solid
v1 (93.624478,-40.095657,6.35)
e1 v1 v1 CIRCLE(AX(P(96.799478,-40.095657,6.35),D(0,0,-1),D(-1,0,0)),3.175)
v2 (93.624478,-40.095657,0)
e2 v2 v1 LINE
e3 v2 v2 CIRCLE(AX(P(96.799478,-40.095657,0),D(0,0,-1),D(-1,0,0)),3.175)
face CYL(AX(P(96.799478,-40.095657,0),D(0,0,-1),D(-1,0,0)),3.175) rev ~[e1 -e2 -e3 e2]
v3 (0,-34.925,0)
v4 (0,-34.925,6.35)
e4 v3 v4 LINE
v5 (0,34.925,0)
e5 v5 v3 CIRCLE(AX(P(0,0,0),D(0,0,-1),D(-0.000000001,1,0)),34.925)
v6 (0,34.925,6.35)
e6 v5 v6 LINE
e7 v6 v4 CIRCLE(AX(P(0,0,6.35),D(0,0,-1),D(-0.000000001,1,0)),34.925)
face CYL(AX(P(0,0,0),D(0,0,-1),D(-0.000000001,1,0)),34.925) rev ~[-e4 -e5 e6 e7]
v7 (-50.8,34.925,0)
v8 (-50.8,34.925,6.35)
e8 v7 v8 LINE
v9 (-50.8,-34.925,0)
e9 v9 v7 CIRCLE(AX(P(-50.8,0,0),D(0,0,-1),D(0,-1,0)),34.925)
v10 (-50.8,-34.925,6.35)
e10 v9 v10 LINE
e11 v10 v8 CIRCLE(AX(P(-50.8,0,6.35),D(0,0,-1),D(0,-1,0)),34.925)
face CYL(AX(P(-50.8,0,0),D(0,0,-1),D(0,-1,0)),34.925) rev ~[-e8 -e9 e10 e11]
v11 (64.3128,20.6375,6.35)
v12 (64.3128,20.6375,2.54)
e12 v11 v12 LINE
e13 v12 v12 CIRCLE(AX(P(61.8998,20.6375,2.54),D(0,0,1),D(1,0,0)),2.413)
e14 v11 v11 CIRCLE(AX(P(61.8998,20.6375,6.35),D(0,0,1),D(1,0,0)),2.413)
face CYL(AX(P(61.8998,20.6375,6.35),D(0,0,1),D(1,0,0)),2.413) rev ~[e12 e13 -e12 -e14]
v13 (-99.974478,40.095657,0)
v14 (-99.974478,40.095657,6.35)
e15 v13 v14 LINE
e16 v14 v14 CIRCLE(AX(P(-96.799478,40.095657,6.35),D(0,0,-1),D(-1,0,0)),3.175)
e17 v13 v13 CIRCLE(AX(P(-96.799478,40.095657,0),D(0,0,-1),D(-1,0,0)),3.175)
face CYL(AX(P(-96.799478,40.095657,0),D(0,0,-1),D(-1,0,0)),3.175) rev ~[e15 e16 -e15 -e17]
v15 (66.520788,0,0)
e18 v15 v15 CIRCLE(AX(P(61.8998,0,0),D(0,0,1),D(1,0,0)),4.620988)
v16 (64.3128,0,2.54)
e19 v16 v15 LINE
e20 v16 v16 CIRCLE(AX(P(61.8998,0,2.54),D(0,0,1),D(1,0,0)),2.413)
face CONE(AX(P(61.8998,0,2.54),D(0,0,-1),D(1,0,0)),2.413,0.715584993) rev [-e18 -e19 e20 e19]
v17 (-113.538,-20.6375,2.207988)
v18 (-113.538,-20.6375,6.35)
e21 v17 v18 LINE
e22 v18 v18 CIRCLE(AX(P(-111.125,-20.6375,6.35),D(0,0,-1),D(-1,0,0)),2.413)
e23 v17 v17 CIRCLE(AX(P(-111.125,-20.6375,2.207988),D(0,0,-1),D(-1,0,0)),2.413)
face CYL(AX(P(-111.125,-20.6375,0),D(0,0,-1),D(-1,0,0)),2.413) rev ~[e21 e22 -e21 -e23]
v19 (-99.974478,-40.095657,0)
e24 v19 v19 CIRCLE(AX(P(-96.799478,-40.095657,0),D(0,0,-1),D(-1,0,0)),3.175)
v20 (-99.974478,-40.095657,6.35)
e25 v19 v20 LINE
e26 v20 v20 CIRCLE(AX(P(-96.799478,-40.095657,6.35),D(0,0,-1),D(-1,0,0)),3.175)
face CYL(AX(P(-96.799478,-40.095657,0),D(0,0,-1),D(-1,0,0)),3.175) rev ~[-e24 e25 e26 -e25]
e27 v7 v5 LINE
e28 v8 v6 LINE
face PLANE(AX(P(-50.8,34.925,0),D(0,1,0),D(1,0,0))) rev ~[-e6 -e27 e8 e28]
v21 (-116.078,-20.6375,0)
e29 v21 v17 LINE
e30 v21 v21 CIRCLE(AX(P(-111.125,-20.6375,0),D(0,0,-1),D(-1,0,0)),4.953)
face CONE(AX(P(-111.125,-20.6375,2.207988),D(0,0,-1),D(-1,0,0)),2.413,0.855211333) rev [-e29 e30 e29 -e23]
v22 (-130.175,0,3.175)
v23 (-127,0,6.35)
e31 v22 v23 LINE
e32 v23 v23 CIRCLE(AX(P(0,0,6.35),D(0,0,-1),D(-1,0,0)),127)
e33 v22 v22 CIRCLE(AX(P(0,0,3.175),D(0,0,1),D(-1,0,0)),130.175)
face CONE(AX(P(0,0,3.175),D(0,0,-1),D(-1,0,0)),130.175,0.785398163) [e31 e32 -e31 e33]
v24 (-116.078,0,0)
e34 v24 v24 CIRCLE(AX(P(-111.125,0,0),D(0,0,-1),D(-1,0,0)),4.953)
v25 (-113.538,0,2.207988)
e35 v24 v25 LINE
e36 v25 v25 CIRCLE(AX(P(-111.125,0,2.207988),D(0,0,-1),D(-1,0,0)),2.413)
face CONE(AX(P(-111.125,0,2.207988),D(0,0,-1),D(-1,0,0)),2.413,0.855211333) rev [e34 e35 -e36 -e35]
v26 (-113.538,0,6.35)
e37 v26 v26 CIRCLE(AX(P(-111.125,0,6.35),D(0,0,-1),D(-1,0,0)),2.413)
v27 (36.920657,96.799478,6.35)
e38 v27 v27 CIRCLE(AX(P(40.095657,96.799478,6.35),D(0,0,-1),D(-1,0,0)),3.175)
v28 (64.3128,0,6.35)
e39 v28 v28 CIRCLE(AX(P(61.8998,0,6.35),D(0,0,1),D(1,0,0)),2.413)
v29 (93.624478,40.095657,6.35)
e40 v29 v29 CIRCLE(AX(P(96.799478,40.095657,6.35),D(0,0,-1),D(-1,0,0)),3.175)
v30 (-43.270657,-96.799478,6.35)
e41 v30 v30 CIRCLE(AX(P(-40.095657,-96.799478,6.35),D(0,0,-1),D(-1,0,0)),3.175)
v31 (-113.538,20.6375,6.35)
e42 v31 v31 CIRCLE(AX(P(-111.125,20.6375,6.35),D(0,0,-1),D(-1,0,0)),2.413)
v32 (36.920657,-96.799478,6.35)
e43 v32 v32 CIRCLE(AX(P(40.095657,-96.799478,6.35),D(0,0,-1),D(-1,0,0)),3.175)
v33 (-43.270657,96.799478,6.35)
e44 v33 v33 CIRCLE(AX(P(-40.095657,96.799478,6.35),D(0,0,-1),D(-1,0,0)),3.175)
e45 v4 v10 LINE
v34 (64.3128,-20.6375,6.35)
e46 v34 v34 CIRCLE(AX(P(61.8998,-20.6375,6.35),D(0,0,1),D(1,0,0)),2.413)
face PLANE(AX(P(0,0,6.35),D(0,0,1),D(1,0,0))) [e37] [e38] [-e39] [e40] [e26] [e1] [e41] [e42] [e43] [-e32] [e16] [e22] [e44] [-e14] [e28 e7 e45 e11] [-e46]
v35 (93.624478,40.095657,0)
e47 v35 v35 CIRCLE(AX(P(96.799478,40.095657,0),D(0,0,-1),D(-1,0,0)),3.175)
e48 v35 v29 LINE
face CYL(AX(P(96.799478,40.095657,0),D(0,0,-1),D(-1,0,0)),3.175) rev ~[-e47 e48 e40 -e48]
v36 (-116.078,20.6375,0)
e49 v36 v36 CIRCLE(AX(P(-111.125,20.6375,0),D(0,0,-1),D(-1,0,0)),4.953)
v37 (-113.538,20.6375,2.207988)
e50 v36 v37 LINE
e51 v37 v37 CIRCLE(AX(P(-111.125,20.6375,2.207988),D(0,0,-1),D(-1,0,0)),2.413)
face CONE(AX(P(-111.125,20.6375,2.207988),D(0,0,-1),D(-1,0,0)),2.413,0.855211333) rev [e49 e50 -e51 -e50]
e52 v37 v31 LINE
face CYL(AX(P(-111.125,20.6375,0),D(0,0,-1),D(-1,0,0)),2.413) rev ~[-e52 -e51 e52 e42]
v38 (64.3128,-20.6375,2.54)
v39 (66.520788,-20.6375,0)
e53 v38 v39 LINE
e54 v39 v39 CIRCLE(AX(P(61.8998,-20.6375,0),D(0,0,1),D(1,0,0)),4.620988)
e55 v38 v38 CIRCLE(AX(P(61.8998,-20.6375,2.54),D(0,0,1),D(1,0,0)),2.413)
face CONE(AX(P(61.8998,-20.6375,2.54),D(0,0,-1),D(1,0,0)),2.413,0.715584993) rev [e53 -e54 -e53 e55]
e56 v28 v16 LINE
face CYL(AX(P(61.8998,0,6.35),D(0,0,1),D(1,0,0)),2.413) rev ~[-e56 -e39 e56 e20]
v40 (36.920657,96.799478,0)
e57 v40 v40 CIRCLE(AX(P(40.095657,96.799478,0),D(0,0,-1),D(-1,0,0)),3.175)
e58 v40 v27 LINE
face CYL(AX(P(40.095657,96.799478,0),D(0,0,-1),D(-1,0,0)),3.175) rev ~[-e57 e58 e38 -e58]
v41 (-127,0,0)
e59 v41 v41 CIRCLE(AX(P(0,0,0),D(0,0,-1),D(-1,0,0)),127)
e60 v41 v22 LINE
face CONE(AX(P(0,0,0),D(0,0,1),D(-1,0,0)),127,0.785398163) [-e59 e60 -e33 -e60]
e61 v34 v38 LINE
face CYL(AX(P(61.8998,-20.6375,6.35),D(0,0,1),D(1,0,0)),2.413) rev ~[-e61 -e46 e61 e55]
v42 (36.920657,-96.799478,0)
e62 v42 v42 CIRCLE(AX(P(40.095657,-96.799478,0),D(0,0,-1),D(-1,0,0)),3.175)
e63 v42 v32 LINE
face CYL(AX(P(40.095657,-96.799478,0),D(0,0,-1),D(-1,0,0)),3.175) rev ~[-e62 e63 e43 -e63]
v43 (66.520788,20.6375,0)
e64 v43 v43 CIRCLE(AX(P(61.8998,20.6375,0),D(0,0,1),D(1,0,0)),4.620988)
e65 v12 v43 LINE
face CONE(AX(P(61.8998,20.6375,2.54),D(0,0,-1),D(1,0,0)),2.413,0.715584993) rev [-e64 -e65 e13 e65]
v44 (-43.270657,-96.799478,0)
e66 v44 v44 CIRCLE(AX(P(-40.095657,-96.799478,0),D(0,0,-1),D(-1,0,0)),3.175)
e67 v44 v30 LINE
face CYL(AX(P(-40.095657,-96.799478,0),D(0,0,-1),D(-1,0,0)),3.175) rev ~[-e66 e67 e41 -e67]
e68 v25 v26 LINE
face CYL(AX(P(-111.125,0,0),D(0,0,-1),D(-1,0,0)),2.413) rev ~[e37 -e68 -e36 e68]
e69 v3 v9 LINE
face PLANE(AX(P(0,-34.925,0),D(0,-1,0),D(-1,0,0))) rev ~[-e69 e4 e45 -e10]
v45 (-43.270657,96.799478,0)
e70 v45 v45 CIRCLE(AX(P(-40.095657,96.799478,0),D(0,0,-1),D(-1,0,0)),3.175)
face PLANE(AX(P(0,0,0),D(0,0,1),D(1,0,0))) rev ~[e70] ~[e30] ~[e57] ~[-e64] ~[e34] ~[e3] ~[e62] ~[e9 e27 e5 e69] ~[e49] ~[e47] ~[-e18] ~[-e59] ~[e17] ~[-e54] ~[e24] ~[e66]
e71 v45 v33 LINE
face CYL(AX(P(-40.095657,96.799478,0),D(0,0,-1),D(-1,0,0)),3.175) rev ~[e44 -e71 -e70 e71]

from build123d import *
from OCP.BRepFilletAPI import BRepFilletAPI_MakeChamfer

# Parameters (mm, degrees)
SKETCH1_R           = 152.4
BOSS_EXTRUDE1_DEPTH = 6.35
SKETCH2_R           = 2.413
CUT_EXTRUDE1_DEPTH  = 10.16
SKETCH4_R           = 2.413
CUT_EXTRUDE2_DEPTH  = 7.62
CHAMFER1_SIZE       = 2.54
CHAMFER1_SIZE2      = 2.207988314
SKETCH6_R           = 152.4
SKETCH6_R_2         = 127
CUT_EXTRUDE3_DEPTH  = 7.62
SKETCH7_R           = 3.175
CUT_EXTRUDE4_DEPTH  = 15.24


with BuildPart() as part:
    # Sketch1 → Boss-Extrude1 (new body)
    with BuildSketch(Plane.XY):
        Circle(SKETCH1_R)
        with BuildLine():
            ThreePointArc((-5e-08, 34.925), (34.925, -5.6e-08), (-1.61e-07, -34.925))
            Line((-1.61e-07, -34.925), (-50.8, -34.925))
            ThreePointArc((-50.8, -34.925), (-85.725, 0), (-50.8, 34.925))
            Line((-50.8, 34.925), (-5e-08, 34.925))
        make_face(mode=Mode.SUBTRACT)
    extrude(amount=BOSS_EXTRUDE1_DEPTH)

    # Sketch2 → Cut-Extrude1 (cut)
    with BuildSketch(Plane(origin=(0, 0, 0), x_dir=(-1, 0, 0), z_dir=(0, 0, -1))):
        with Locations((111.125, 20.6375)):
            Circle(SKETCH2_R)
        with Locations((111.125, 0)):
            Circle(SKETCH2_R)
        with Locations((111.125, -20.6375)):
            Circle(SKETCH2_R)
    extrude(amount=-CUT_EXTRUDE1_DEPTH, mode=Mode.SUBTRACT)

    # Sketch4 → Cut-Extrude2 (cut)
    with BuildSketch(Plane.XY.offset(6.35)):
        with Locations((61.8998, 20.6375)):
            Circle(SKETCH4_R)
        with Locations((61.8998, 0)):
            Circle(SKETCH4_R)
        with Locations((61.8998, -20.6375)):
            Circle(SKETCH4_R)
    extrude(amount=-CUT_EXTRUDE2_DEPTH, mode=Mode.SUBTRACT)

    # Chamfer1: one chamfer whose edges measure the first distance from different faces: ONE call of the kernel's chamfer builder (chamfer() names one face for all edges)
    chamfer1_edges_1 = [part.edges().sort_by_distance(p)[0] for p in [
        (-108.712, 20.6375, 0),
        (-108.712, 0, 0),
        (-108.712, -20.6375, 0),
    ]]
    chamfer1_side_1 = [part.faces().sort_by_distance(p)[0] for p in [
        (-148.089477062, 0, 0),
    ]]
    chamfer1_edges_2 = [part.edges().sort_by_distance(p)[0] for p in [
        (59.4868, 20.6375, 0),
    ]]
    chamfer1_side_2 = [part.faces().sort_by_distance(p)[0] for p in [
        (59.4868, 20.6375, 3.175),
    ]]
    chamfer1_edges_3 = [part.edges().sort_by_distance(p)[0] for p in [
        (59.4868, 0, 0),
    ]]
    chamfer1_side_3 = [part.faces().sort_by_distance(p)[0] for p in [
        (59.4868, 0, 3.175),
    ]]
    chamfer1_edges_4 = [part.edges().sort_by_distance(p)[0] for p in [
        (59.4868, -20.6375, 0),
    ]]
    chamfer1_side_4 = [part.faces().sort_by_distance(p)[0] for p in [
        (59.4868, -20.6375, 3.175),
    ]]
    chamfer1 = BRepFilletAPI_MakeChamfer(part.part.solid().wrapped)
    for e in chamfer1_edges_1:
        chamfer1.Add(CHAMFER1_SIZE, CHAMFER1_SIZE2, e.wrapped, chamfer1_side_1[0].wrapped)  # the first distance lies on this face
    for e in chamfer1_edges_2:
        chamfer1.Add(CHAMFER1_SIZE, CHAMFER1_SIZE2, e.wrapped, chamfer1_side_2[0].wrapped)  # the first distance lies on this face
    for e in chamfer1_edges_3:
        chamfer1.Add(CHAMFER1_SIZE, CHAMFER1_SIZE2, e.wrapped, chamfer1_side_3[0].wrapped)  # the first distance lies on this face
    for e in chamfer1_edges_4:
        chamfer1.Add(CHAMFER1_SIZE, CHAMFER1_SIZE2, e.wrapped, chamfer1_side_4[0].wrapped)  # the first distance lies on this face
    add(Compound.cast(chamfer1.Shape()), mode=Mode.REPLACE)

    # Sketch6 → Cut-Extrude3 (cut)
    with BuildSketch(Plane(origin=(0, 0, 0), x_dir=(-1, 0, 0), z_dir=(0, 0, -1))):
        Circle(SKETCH6_R)
        Circle(SKETCH6_R_2, mode=Mode.SUBTRACT)
    extrude(amount=-CUT_EXTRUDE3_DEPTH, mode=Mode.SUBTRACT)

    # Sketch5 → Revolve1 (revolve)
    with BuildSketch(Plane(origin=(0, 0, 0), x_dir=(1, 0, 0), z_dir=(0, 1, 0))):
        Polygon((-127, -6.35), (-127, 0), (-130.175, -3.175), align=None)
    revolve(axis=Axis((0, 0, 0), (0, 0, 1)))

    # Sketch7 → Cut-Extrude4 (cut)
    with BuildSketch(Plane(origin=(0, 0, 0), x_dir=(-1, 0, 0), z_dir=(0, 0, -1))):
        with Locations((40.095656626, 96.799478019)):
            Circle(SKETCH7_R)
        with Locations((96.799478019, 40.095656626)):
            Circle(SKETCH7_R)
        with Locations((96.799478019, -40.095656626)):
            Circle(SKETCH7_R)
        with Locations((40.095656626, -96.799478019)):
            Circle(SKETCH7_R)
        with Locations((-40.095656626, -96.799478019)):
            Circle(SKETCH7_R)
        with Locations((-96.799478019, -40.095656626)):
            Circle(SKETCH7_R)
        with Locations((-96.799478019, 40.095656626)):
            Circle(SKETCH7_R)
        with Locations((-40.095656626, 96.799478019)):
            Circle(SKETCH7_R)
    extrude(amount=-CUT_EXTRUDE4_DEPTH, mode=Mode.SUBTRACT)


solid = part.part
